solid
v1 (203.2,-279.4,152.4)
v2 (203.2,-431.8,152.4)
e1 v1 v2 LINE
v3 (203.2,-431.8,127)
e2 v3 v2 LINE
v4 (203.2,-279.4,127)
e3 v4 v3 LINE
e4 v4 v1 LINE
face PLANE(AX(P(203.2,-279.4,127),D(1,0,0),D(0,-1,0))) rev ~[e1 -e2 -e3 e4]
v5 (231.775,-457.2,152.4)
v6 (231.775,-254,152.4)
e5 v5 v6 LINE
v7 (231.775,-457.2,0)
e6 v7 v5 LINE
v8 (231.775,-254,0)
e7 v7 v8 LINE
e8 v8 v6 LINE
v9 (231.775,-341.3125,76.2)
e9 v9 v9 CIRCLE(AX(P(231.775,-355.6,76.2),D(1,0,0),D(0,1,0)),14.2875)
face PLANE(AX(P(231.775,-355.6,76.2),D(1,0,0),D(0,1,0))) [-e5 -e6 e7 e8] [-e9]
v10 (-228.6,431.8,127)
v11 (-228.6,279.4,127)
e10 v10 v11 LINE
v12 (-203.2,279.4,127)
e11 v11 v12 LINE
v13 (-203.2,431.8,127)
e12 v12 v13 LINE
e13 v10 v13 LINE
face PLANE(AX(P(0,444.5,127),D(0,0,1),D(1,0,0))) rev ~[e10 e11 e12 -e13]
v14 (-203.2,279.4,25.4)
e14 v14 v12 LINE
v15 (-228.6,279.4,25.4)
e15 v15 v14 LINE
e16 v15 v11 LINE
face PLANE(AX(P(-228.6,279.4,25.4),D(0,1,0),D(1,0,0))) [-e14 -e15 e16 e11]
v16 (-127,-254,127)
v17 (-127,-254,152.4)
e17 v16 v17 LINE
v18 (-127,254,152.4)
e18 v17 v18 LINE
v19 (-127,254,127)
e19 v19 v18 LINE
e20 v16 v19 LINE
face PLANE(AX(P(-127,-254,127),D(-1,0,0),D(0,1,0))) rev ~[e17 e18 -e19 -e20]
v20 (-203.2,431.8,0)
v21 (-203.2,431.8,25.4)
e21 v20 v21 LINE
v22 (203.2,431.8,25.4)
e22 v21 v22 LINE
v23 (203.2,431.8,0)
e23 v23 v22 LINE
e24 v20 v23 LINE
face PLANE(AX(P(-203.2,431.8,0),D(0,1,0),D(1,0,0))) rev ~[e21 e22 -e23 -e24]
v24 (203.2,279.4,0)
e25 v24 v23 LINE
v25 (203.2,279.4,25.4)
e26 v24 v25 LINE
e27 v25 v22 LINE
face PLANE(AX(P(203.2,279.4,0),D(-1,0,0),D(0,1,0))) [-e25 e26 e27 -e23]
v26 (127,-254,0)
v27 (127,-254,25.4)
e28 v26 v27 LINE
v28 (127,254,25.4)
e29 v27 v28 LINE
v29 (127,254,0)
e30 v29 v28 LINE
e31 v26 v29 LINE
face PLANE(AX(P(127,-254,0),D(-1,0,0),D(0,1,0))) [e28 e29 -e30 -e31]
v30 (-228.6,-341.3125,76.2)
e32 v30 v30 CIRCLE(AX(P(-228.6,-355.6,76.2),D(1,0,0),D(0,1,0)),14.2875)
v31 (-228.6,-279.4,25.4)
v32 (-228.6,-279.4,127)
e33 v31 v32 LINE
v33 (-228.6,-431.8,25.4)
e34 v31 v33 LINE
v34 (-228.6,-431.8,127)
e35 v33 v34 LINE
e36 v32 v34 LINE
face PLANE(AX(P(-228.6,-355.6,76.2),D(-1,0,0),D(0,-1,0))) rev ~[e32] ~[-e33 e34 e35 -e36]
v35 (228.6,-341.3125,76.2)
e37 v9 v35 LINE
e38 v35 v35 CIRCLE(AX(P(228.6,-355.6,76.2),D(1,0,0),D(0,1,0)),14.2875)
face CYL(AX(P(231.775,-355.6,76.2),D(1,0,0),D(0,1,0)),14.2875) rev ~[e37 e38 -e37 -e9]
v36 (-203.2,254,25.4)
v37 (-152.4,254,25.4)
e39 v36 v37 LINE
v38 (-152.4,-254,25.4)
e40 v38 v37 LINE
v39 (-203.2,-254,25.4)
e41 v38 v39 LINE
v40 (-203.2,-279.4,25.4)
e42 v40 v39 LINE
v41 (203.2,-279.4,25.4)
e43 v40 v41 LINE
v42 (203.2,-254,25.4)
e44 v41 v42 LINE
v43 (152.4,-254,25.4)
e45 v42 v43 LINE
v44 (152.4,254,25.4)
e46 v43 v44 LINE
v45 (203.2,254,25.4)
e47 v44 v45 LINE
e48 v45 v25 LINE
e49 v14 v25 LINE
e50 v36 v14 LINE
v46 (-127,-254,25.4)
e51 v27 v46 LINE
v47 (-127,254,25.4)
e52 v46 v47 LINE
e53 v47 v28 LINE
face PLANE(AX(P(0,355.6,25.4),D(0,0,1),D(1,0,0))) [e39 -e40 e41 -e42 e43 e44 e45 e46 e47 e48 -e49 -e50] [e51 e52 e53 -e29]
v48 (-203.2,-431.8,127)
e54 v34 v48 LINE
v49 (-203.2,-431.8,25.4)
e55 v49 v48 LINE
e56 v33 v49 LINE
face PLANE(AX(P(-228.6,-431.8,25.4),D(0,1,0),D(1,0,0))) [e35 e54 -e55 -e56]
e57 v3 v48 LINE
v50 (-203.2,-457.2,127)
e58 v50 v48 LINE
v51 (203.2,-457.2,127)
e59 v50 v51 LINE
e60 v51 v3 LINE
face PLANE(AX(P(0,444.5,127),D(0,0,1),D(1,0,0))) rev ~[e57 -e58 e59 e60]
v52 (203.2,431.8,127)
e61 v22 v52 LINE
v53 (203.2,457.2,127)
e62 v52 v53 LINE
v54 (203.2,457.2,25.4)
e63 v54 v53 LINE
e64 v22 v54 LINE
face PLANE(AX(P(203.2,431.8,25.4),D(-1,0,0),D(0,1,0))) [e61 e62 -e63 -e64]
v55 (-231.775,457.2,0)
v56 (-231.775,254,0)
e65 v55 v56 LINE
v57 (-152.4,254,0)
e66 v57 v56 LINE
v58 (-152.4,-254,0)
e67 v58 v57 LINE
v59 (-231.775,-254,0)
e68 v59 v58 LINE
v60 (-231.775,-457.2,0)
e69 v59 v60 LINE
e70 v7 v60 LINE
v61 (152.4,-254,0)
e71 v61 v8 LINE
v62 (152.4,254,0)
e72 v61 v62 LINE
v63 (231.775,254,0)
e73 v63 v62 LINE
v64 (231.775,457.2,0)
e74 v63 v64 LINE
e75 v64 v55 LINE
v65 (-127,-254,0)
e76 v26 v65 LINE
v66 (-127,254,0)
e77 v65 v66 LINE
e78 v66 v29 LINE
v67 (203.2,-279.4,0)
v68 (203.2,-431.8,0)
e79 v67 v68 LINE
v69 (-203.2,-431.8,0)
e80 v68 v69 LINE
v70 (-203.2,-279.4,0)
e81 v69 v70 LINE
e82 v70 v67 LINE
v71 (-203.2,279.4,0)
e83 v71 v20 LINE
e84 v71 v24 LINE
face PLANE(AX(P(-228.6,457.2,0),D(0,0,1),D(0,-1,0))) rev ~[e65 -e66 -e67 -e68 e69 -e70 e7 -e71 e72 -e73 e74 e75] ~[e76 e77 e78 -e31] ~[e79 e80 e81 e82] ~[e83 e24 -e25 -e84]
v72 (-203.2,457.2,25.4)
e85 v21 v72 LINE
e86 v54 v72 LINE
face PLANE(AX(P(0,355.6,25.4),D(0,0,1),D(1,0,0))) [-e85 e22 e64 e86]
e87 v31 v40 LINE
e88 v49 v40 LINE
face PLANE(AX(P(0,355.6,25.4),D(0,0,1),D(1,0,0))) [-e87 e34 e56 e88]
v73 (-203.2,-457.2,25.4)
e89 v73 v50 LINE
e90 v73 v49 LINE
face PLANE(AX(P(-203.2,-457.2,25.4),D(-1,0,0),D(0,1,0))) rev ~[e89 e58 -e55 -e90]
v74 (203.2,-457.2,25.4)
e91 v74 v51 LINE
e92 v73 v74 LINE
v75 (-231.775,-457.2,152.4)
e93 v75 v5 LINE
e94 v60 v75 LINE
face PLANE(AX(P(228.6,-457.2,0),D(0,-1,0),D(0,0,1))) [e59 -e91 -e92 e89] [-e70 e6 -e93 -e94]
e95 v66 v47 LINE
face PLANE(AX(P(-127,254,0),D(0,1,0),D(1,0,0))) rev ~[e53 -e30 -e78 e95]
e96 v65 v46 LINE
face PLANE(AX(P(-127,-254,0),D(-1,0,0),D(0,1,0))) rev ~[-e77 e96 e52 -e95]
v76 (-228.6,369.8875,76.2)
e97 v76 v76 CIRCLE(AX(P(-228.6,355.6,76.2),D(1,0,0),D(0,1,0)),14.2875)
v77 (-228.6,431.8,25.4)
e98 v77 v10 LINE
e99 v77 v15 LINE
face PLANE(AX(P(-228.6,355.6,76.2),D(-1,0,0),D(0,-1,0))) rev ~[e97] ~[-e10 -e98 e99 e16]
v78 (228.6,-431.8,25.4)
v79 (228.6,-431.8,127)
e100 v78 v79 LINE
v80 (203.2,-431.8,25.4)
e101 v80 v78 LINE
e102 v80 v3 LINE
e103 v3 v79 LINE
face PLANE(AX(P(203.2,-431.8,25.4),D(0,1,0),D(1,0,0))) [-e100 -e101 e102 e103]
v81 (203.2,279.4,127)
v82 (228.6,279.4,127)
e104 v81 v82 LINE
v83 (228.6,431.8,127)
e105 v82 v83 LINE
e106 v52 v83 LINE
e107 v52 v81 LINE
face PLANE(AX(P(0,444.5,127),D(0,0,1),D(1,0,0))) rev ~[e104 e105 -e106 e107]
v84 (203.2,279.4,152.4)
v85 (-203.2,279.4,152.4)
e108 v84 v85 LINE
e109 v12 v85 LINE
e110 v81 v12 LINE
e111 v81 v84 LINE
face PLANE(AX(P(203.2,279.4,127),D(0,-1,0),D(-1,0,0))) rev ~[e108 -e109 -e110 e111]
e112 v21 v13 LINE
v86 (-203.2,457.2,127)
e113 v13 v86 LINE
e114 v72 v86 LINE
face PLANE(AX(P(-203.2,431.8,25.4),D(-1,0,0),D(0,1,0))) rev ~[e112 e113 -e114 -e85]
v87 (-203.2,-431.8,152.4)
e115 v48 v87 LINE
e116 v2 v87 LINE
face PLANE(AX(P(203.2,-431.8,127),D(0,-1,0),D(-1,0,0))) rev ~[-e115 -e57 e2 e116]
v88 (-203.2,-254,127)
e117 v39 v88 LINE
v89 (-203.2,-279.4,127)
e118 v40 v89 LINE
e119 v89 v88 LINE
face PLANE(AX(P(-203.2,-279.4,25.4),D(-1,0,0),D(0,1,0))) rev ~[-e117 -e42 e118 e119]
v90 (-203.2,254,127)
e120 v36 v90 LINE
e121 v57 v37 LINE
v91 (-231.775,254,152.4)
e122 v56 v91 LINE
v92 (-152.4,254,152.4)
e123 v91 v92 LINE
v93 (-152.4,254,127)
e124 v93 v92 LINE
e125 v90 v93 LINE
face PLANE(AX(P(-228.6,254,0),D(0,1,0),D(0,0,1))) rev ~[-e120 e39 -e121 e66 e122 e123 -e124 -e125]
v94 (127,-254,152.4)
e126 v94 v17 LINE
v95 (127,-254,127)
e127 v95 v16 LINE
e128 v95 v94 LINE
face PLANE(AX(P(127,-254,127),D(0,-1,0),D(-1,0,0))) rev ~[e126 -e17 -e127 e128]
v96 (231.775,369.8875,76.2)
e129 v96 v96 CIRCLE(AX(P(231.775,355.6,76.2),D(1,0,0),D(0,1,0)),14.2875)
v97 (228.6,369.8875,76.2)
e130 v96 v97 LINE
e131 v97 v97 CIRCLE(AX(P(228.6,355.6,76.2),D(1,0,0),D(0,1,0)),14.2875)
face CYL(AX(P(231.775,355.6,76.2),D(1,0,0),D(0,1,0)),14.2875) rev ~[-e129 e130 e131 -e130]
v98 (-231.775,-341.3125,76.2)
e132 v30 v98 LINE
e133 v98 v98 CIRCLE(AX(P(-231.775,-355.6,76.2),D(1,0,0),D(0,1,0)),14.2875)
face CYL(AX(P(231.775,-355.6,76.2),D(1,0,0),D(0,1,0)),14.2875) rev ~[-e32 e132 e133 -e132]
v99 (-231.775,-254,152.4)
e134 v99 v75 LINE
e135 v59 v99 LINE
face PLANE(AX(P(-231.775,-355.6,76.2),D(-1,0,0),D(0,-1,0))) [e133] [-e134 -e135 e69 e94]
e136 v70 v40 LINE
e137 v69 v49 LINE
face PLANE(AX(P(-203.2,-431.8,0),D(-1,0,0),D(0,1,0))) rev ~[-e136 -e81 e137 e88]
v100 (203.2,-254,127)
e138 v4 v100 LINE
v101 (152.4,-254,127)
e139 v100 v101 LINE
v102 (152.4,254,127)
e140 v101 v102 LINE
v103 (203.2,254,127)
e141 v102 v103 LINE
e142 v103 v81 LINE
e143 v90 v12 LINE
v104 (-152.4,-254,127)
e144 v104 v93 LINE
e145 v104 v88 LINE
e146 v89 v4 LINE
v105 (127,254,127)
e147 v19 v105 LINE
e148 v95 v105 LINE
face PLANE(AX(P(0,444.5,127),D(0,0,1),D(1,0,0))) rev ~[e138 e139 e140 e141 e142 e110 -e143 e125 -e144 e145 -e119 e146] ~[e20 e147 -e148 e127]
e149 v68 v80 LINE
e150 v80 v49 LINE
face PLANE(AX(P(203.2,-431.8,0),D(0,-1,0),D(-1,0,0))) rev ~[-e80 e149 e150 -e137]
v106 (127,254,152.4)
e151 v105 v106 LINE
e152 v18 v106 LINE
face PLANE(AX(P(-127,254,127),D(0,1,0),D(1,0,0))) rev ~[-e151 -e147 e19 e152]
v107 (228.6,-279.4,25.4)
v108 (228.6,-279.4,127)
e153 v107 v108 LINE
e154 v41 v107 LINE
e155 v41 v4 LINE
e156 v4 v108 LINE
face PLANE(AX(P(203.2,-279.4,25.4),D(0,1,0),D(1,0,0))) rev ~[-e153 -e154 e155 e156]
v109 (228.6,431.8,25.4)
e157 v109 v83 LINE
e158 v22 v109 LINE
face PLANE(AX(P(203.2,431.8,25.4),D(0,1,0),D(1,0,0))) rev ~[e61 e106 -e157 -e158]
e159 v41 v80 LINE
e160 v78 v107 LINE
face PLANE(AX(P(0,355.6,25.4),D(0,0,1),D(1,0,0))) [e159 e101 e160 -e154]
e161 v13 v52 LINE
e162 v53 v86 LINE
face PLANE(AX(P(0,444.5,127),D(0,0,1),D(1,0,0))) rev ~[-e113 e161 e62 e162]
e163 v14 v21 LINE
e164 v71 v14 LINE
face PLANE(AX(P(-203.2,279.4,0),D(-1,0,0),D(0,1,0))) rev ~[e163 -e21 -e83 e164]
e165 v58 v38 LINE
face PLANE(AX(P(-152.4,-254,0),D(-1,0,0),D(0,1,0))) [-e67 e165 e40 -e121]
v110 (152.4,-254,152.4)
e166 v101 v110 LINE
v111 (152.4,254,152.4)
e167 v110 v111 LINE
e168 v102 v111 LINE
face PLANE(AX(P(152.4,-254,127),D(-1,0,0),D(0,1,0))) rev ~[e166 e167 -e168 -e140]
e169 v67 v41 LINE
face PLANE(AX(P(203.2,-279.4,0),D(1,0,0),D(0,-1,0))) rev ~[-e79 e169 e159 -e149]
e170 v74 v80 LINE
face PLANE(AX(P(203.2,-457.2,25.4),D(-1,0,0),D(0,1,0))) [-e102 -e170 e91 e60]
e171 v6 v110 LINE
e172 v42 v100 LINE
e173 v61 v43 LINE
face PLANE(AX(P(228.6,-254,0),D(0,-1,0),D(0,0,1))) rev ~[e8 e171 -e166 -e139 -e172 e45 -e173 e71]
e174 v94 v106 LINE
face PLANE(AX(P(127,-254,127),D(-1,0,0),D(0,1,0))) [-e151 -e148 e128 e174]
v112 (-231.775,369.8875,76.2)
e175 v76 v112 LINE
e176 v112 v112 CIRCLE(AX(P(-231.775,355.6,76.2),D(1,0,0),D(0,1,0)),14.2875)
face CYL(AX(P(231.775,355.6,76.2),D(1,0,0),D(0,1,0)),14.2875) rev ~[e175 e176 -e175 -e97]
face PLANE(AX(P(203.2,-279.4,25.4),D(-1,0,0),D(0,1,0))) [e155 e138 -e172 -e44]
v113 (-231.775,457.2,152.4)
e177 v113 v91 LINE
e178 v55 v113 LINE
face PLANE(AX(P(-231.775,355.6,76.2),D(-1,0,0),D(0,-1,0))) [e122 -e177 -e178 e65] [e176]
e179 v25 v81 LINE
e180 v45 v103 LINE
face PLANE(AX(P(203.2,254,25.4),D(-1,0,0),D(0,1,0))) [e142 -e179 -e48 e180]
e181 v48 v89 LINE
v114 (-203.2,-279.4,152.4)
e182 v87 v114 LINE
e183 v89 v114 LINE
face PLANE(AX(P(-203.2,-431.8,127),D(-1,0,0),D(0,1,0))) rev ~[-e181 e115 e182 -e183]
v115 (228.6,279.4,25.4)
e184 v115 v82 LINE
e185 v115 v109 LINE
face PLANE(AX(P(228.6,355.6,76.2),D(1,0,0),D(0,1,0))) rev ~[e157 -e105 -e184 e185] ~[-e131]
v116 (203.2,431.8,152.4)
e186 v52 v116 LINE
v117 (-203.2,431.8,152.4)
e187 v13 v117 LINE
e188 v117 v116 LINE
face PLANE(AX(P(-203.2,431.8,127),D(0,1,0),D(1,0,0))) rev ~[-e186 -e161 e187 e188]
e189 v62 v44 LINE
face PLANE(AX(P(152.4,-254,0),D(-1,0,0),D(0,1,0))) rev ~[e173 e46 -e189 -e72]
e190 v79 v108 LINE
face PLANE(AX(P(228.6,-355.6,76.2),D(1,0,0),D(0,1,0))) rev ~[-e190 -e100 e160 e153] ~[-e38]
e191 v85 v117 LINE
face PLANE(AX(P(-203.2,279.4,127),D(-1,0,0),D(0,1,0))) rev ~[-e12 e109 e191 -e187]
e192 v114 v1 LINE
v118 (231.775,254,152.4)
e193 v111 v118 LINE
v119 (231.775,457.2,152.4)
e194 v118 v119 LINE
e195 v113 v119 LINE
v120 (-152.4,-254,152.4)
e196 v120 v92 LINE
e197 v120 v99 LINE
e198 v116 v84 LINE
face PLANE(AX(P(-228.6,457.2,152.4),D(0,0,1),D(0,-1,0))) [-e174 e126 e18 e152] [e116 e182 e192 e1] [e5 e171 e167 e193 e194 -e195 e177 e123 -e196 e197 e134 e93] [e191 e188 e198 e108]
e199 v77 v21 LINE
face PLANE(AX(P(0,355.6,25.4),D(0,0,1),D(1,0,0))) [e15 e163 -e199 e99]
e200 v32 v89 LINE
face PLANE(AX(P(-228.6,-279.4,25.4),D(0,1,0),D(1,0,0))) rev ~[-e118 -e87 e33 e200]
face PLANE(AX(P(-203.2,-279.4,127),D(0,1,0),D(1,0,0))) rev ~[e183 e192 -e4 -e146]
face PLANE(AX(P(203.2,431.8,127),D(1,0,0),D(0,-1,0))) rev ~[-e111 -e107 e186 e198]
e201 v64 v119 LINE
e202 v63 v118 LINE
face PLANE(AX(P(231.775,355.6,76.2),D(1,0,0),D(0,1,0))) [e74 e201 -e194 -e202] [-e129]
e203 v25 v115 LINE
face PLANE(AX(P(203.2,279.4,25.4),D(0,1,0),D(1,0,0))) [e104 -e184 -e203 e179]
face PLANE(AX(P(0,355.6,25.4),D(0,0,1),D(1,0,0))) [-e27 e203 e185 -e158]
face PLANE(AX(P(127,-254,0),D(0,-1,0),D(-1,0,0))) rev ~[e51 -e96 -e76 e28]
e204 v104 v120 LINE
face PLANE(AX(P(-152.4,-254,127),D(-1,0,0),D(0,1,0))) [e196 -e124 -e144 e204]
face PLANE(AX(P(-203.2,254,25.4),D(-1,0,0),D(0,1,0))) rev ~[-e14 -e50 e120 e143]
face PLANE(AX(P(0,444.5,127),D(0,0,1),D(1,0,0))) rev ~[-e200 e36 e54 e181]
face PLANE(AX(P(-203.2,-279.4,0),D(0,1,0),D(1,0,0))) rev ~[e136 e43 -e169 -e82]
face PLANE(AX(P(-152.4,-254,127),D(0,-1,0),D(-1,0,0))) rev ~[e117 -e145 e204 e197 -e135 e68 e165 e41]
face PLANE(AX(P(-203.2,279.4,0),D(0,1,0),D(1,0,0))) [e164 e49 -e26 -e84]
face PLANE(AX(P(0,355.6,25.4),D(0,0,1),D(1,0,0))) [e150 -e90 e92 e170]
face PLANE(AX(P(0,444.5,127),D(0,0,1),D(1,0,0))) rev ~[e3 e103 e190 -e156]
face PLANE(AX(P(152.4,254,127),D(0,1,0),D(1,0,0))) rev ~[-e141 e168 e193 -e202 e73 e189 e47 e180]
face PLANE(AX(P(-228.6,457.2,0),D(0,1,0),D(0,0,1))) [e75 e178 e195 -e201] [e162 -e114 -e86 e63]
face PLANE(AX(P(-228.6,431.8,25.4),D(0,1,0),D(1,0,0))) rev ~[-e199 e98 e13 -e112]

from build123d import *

# Parameters (mm, degrees)
F0_W      = 406.4
F0_H      = 152.4
F0_W_2    = 25.4
F0_H_2    = 508
F1_DEPTH  = 25.4
F2_W      = 25.4
F2_H      = 25.4
F3_DEPTH  = 101.6
F4_W      = 25.4
F4_H      = 508
F5_DEPTH  = 25.4
F6_W      = 203.2
F6_H      = 152.4
F7_DEPTH  = 3.175
F8_W      = 203.2
F8_H      = 152.4
F9_DEPTH  = 3.175
F10_R     = 14.2875
F11_DEPTH = 463.551


with BuildPart() as f1:
    # F0 (on Top) → F1 (new body)
    with BuildSketch(Plane.XY):
        Polygon((228.6, 457.2), (-228.6, 457.2), (-228.6, 254), (-203.2, 254), (-152.4, 254), (-127, 254), (127, 254), (152.4, 254), (203.2, 254), (228.6, 254), align=None)
        with Locations((0, 355.6)):
            Rectangle(F0_W, F0_H, mode=Mode.SUBTRACT)
        with Locations((-139.7, 0)):
            Rectangle(F0_W_2, F0_H_2)
        with Locations((139.7, 0)):
            Rectangle(F0_W_2, F0_H_2)
        Polygon((-127, -254), (-152.4, -254), (-203.2, -254), (-203.2, -279.4), (203.2, -279.4), (203.2, -254), (152.4, -254), (127, -254), align=None)
        Polygon((-203.2, -279.4), (-203.2, -254), (-228.6, -254), (-228.6, -457.2), (228.6, -457.2), (228.6, -254), (203.2, -254), (203.2, -279.4), (203.2, -431.8), (-203.2, -431.8), align=None)
    extrude(amount=F1_DEPTH)

    # F2 (on face) → F3 (join)
    with BuildSketch(Plane.XY.offset(25.4)):
        with Locations((-215.9, -444.5)):
            Rectangle(F2_W, F2_H)
        with Locations((-215.9, 444.5)):
            Rectangle(F2_W, F2_H)
        with Locations((215.9, 444.5)):
            Rectangle(F2_W, F2_H)
        with Locations((215.9, -444.5)):
            Rectangle(F2_W, F2_H)
        with Locations((-215.9, -266.7)):
            Rectangle(F2_W, F2_H)
        with Locations((-215.9, 266.7)):
            Rectangle(F2_W, F2_H)
        with Locations((215.9, -266.7)):
            Rectangle(F2_W, F2_H)
        with Locations((215.9, 266.7)):
            Rectangle(F2_W, F2_H)
    extrude(amount=F3_DEPTH)

    # F4 (on face) → F5 (join)
    with BuildSketch(Plane.XY.offset(127)):
        Polygon((228.6, 431.8), (228.6, 457.2), (-228.6, 457.2), (-228.6, 431.8), (-203.2, 431.8), (203.2, 431.8), align=None)
        Polygon((228.6, 254), (228.6, 431.8), (203.2, 431.8), (203.2, 279.4), (203.2, 254), align=None)
        Polygon((-203.2, 431.8), (-228.6, 431.8), (-228.6, 254), (-203.2, 254), (-203.2, 279.4), align=None)
        Polygon((203.2, 254), (203.2, 279.4), (-203.2, 279.4), (-203.2, 254), (-152.4, 254), (-127, 254), (127, 254), (152.4, 254), align=None)
        with Locations((139.7, 0)):
            Rectangle(F4_W, F4_H)
        with Locations((-139.7, 0)):
            Rectangle(F4_W, F4_H)
        Polygon((203.2, -254), (152.4, -254), (127, -254), (-127, -254), (-152.4, -254), (-203.2, -254), (-203.2, -279.4), (203.2, -279.4), align=None)
        Polygon((228.6, -254), (203.2, -254), (203.2, -279.4), (203.2, -431.8), (228.6, -431.8), align=None)
        Polygon((-203.2, -279.4), (-203.2, -254), (-228.6, -254), (-228.6, -431.8), (-203.2, -431.8), align=None)
        Polygon((228.6, -457.2), (228.6, -431.8), (203.2, -431.8), (-203.2, -431.8), (-228.6, -431.8), (-228.6, -457.2), align=None)
    extrude(amount=F5_DEPTH)

    # F6 (on face) → F7 (join)
    with BuildSketch(Plane.YZ.offset(228.6)):
        with Locations((-355.6, 76.2)):
            Rectangle(F6_W, F6_H)
        with Locations((355.6, 76.2)):
            Rectangle(F6_W, F6_H)
    extrude(amount=F7_DEPTH)

    # F8 (on face) → F9 (join)
    with BuildSketch(Plane(origin=(-228.6, 0, 0), x_dir=(0, -1, 0), z_dir=(-1, 0, 0))):
        with Locations((-355.6, 76.2)):
            Rectangle(F8_W, F8_H)
        with Locations((355.6, 76.2)):
            Rectangle(F8_W, F8_H)
    extrude(amount=F9_DEPTH)

    # F10 (on face) → F11 (cut, through all)
    with BuildSketch(Plane.YZ.offset(231.775)):
        with Locations((355.6, 76.2)):
            Circle(F10_R)
        with Locations((-355.6, 76.2)):
            Circle(F10_R)
    extrude(amount=-F11_DEPTH, mode=Mode.SUBTRACT)


solid = f1.part
